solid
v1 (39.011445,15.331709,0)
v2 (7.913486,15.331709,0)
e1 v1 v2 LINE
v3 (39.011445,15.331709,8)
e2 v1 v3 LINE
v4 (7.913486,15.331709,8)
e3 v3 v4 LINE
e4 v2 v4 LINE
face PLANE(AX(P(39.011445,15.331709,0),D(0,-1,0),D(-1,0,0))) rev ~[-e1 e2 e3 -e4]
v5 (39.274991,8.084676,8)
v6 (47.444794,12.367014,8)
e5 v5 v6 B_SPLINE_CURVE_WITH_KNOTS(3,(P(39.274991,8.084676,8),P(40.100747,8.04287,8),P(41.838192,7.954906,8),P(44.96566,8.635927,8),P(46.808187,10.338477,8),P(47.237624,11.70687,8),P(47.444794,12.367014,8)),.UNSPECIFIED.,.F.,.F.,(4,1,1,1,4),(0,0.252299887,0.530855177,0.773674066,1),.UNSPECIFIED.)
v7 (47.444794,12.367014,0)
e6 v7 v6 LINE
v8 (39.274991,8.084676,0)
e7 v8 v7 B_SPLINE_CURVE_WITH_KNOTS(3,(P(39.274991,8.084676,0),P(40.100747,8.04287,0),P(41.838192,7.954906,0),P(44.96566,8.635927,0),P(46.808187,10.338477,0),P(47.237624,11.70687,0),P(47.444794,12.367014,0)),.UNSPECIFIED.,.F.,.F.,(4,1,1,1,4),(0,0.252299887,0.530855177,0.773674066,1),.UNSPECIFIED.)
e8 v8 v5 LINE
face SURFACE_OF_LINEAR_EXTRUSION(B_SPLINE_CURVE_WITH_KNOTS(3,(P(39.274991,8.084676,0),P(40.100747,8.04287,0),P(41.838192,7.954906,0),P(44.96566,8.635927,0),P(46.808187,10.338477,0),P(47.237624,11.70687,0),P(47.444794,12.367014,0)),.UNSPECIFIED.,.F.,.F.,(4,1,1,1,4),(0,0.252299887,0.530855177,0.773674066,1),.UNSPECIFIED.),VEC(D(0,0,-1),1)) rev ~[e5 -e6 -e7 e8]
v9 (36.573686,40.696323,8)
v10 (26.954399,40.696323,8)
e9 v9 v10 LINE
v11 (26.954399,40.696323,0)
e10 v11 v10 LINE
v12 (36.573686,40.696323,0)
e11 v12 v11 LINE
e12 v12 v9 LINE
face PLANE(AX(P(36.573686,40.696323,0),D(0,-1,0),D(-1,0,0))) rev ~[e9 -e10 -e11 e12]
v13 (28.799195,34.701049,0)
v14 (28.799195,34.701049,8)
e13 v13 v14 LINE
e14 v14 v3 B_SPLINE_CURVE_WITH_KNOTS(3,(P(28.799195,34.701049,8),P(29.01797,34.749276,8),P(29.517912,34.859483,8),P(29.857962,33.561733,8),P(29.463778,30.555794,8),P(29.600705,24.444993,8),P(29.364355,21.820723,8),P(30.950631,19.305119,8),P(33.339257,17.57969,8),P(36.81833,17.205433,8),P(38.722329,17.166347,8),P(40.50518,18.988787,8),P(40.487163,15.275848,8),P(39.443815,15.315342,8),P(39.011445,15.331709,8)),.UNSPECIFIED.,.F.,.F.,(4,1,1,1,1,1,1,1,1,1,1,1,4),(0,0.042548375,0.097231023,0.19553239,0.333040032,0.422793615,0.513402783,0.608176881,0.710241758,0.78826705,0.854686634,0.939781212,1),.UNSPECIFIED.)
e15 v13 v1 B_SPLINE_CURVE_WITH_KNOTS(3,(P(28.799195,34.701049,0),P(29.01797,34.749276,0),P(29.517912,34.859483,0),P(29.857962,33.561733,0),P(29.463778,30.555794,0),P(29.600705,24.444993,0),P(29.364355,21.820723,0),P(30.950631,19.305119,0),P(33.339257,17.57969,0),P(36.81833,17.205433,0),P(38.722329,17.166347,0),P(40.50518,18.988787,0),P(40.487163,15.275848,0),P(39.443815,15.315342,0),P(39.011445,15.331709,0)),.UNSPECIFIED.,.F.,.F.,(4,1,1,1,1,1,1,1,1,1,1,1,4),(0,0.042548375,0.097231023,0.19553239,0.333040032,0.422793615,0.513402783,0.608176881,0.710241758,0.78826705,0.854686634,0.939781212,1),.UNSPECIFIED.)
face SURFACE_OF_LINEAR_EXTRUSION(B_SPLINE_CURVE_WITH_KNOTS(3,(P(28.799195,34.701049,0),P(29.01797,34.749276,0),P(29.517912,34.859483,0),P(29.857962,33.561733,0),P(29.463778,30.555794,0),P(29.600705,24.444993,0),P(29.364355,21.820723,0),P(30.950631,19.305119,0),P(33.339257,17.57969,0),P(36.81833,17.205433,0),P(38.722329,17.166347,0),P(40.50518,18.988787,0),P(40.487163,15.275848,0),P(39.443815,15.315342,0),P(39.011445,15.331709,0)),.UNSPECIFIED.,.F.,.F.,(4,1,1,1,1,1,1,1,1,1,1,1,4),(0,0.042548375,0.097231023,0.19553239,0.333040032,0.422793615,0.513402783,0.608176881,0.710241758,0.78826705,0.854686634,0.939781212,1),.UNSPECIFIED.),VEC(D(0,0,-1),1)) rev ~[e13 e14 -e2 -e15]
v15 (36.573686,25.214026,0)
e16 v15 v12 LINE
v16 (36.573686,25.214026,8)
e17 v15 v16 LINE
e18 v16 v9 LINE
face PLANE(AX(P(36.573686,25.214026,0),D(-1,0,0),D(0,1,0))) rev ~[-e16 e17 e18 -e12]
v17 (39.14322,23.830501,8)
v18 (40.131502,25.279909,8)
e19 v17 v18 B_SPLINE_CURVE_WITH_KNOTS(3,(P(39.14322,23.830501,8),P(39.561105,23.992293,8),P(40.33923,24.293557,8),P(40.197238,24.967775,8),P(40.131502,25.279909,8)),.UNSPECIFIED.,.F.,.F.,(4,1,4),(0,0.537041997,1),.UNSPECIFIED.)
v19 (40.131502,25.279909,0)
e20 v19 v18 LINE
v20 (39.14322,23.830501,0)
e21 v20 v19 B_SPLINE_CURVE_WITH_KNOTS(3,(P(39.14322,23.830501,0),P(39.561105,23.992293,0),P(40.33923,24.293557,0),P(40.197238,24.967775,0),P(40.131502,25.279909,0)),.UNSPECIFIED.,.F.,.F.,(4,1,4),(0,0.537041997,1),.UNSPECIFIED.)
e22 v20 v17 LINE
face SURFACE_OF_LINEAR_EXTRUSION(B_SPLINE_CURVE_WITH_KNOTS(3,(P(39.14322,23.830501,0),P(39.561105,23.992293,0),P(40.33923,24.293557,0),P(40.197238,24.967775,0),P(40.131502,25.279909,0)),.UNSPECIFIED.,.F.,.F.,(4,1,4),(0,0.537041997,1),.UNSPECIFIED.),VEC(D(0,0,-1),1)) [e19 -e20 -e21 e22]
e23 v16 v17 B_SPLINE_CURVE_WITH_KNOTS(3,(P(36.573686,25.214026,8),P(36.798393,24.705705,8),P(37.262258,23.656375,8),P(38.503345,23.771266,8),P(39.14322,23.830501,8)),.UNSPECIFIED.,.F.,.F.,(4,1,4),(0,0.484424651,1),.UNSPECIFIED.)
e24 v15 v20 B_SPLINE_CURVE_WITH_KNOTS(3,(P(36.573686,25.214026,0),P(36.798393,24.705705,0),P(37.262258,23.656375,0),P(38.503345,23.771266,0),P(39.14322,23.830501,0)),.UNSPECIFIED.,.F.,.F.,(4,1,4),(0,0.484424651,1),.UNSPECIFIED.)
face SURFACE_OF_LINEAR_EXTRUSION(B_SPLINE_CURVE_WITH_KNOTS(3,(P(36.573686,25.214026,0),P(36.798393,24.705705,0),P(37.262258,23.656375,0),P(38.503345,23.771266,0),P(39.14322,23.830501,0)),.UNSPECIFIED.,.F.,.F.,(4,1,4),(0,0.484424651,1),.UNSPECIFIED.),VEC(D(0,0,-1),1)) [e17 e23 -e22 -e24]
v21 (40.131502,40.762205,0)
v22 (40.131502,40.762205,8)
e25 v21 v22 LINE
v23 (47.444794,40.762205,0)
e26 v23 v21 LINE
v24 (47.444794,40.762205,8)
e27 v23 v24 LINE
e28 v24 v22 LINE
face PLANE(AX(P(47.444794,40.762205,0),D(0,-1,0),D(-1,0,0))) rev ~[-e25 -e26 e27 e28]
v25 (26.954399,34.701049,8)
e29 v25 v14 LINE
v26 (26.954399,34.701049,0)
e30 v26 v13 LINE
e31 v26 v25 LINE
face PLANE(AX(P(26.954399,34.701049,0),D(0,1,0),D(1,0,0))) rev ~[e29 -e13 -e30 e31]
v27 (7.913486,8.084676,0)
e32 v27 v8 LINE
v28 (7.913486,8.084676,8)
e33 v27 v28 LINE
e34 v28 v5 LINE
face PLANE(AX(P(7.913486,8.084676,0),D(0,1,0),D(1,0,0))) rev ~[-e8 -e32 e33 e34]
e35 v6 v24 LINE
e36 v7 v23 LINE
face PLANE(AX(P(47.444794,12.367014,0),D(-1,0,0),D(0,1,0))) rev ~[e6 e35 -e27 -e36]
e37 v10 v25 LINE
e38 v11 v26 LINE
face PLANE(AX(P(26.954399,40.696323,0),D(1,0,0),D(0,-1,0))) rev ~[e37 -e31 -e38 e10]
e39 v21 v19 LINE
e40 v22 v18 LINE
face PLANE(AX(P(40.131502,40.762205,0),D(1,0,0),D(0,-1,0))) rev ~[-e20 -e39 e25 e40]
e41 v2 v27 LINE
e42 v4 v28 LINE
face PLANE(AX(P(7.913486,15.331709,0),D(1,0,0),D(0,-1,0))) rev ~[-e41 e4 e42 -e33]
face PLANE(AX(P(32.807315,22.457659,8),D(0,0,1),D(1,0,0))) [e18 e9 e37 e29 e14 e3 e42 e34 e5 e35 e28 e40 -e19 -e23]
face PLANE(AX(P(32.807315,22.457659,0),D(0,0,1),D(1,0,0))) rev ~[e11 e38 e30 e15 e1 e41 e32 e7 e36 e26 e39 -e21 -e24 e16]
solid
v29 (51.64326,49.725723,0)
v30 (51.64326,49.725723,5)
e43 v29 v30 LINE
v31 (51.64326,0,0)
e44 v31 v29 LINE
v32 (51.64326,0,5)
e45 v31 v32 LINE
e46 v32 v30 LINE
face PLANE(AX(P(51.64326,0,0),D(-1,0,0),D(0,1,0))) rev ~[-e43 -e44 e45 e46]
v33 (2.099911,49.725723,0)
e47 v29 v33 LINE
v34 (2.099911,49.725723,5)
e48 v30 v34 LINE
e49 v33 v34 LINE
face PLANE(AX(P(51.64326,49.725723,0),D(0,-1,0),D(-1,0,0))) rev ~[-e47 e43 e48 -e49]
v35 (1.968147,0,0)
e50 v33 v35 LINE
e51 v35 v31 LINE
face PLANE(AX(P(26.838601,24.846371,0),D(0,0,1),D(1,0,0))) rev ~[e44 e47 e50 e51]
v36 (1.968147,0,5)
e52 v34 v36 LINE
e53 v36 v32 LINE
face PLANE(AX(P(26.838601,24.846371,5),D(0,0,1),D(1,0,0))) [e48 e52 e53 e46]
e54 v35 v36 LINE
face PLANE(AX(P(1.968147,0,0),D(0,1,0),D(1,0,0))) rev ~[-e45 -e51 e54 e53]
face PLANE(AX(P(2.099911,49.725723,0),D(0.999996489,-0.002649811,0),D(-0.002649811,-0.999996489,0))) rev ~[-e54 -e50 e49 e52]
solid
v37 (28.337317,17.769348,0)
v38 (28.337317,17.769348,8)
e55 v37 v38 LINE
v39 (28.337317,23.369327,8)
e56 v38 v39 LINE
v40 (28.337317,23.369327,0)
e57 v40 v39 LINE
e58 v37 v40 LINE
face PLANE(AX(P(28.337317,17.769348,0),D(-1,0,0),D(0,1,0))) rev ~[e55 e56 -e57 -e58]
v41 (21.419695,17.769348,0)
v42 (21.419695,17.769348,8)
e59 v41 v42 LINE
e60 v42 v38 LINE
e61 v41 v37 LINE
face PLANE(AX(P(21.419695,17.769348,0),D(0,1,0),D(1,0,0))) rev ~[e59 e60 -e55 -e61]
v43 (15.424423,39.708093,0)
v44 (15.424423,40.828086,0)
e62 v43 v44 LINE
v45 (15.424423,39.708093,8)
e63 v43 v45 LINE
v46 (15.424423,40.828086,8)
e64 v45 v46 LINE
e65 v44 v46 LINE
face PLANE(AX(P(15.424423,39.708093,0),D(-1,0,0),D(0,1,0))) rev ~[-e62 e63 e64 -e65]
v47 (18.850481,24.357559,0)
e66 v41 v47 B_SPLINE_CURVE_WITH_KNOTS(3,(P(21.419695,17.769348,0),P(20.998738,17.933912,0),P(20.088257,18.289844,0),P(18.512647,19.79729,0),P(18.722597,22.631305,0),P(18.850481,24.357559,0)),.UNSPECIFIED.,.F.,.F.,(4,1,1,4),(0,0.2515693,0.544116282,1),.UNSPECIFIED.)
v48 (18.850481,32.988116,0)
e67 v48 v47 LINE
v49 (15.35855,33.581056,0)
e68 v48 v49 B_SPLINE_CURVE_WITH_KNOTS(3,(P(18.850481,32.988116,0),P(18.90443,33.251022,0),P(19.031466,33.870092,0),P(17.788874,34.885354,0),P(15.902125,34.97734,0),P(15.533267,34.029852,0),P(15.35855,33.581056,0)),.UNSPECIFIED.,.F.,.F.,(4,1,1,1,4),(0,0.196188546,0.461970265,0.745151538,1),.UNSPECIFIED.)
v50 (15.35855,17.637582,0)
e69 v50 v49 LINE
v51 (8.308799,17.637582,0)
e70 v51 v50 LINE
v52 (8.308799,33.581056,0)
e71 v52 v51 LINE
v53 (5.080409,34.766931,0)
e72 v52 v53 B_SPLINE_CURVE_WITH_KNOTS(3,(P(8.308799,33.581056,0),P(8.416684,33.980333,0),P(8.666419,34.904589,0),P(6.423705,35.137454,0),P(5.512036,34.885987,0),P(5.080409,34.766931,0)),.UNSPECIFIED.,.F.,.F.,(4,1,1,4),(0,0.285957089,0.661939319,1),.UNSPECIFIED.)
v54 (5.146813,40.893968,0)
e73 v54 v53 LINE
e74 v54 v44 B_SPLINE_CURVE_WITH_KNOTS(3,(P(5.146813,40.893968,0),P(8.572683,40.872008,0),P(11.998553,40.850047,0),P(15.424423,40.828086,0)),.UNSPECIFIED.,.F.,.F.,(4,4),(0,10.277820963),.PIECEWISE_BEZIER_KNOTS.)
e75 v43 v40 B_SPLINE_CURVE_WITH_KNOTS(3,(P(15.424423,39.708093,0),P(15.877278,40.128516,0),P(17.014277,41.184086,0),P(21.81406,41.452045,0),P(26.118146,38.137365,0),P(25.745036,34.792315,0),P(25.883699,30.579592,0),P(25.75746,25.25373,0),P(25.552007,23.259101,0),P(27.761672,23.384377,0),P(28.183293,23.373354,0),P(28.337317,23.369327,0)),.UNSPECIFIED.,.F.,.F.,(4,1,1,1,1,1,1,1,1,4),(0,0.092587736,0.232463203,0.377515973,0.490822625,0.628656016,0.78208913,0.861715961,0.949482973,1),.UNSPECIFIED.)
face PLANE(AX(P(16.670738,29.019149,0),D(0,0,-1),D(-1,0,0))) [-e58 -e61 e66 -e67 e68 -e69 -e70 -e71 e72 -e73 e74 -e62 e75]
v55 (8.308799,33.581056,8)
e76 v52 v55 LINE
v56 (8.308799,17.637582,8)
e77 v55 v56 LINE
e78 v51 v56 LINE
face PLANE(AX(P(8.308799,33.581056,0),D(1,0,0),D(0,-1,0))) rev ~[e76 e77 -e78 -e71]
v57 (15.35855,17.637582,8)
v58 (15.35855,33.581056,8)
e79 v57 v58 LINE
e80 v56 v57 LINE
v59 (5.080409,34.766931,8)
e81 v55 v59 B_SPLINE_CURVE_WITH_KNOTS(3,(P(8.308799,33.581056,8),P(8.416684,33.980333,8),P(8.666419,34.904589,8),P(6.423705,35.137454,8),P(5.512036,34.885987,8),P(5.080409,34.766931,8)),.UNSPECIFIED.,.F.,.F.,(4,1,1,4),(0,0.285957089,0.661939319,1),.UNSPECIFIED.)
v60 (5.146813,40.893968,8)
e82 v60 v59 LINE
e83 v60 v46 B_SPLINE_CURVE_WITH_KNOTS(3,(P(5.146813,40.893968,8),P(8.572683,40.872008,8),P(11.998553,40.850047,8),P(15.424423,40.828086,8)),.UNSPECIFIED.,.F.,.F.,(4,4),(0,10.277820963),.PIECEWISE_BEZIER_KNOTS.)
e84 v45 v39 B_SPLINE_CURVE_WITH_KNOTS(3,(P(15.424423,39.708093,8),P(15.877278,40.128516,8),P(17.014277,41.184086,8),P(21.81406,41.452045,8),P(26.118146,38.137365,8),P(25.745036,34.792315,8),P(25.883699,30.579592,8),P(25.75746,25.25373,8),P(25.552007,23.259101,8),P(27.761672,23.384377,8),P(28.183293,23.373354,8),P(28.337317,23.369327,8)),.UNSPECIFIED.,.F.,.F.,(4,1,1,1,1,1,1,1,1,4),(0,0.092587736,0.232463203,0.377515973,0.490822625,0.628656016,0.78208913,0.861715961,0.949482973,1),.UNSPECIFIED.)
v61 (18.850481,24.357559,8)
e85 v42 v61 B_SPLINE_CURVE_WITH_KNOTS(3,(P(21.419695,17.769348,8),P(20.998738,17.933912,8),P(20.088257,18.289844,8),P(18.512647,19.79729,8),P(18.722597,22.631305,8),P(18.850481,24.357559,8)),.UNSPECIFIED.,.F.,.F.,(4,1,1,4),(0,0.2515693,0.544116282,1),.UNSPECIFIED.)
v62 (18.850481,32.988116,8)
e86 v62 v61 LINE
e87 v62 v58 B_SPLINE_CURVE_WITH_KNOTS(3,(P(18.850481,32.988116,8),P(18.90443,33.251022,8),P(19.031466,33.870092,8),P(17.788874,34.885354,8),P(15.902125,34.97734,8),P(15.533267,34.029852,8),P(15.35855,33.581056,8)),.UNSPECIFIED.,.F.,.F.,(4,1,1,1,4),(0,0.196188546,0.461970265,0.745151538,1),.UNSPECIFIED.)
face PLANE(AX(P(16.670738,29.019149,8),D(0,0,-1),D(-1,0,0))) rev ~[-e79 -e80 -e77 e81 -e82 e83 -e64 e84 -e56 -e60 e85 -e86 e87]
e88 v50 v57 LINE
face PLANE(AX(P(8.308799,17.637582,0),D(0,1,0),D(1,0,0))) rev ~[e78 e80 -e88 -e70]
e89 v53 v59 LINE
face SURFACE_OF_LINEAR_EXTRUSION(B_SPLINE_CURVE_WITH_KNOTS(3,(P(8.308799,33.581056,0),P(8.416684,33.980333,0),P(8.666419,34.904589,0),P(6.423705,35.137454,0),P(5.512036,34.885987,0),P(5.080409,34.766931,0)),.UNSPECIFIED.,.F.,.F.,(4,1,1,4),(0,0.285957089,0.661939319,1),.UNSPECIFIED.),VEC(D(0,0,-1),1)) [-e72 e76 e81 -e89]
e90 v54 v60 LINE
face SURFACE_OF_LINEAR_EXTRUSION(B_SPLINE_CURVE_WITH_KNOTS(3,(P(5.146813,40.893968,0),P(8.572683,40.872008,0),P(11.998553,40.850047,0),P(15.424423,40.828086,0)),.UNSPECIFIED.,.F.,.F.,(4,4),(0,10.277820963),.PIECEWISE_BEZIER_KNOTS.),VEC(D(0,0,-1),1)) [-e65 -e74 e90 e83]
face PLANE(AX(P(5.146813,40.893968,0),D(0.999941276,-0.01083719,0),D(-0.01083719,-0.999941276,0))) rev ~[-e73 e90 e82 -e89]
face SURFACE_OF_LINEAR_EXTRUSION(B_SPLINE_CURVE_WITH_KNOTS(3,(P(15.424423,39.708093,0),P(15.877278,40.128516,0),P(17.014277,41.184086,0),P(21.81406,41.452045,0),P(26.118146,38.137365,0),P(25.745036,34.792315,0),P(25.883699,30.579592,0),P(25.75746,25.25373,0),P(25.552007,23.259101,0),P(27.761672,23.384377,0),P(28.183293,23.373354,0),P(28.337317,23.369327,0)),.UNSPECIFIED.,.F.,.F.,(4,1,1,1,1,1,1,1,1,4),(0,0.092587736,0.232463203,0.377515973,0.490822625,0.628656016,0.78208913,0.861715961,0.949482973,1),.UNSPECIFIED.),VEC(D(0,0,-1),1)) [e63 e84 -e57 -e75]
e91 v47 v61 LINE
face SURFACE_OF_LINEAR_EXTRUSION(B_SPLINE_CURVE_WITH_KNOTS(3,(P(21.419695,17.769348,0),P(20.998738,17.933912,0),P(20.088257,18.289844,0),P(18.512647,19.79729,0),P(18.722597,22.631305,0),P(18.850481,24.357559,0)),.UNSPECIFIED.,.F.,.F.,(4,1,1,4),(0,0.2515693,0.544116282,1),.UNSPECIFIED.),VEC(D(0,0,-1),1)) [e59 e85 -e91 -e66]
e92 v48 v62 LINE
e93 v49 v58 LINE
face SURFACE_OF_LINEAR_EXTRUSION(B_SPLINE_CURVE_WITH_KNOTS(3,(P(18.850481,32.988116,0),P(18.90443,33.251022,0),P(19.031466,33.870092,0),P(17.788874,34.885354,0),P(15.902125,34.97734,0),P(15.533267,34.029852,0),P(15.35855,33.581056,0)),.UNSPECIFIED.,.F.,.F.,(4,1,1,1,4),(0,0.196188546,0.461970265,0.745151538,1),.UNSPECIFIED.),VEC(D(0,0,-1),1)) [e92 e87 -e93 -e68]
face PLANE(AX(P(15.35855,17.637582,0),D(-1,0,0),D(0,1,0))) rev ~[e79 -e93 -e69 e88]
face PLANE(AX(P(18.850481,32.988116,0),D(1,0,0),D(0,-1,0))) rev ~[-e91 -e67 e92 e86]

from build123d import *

# Parameters (mm, degrees)
F2_DEPTH = 8
F3_DEPTH = 5


with BuildPart() as f2:
    # F0 (on Top) → F2 (new body)
    with BuildSketch(Plane.XY):
        with BuildLine():
            add(Edge.make_bspline(
                [(5.1468131132, 40.8939681947), (8.5726830487, 40.8720076084), (11.9985529842, 40.8500470221), (15.4244229198, 40.8280864358)],
                knots=[0, 0, 0, 0, 10.2778209627, 10.2778209627, 10.2778209627, 10.2778209627], degree=3))
            Line((5.1468131132, 40.8939681947), (5.080409348, 34.7669310868))
            add(Edge.make_bspline(
                [(8.308799006, 33.5810557008), (8.4166843158, 33.9803333101), (8.6664194374, 34.9045892864), (6.4237051335, 35.1374542666), (5.51203556, 34.8859871564), (5.080409348, 34.7669310868)],
                knots=[0, 0, 0, 0, 0.2859570895, 0.6619393193, 1, 1, 1, 1], degree=3))
            Line((8.308799006, 33.5810557008), (8.308799006, 17.6375824958))
            Line((8.308799006, 17.6375824958), (15.3585495427, 17.6375824958))
            Line((15.3585495427, 17.6375824958), (15.3585495427, 33.5810557008))
            add(Edge.make_bspline(
                [(18.8504811376, 32.9881161451), (18.904430445, 33.2510216055), (19.0314662806, 33.870091923), (17.7888736775, 34.885354278), (15.9021250027, 34.9773397156), (15.5332666309, 34.0298520415), (15.3585495427, 33.5810557008)],
                knots=[0, 0, 0, 0, 0.1961885457, 0.4619702654, 0.7451515384, 1, 1, 1, 1], degree=3))
            Line((18.8504811376, 32.9881161451), (18.8504811376, 29.2328353971))
            Line((18.8504811376, 29.2328353971), (18.8504811376, 24.3575591594))
            add(Edge.make_bspline(
                [(21.4196946472, 17.7693478763), (20.998738388, 17.9339115532), (20.0882570431, 18.2898443956), (18.5126469133, 19.7972904354), (18.7225966583, 22.631305425), (18.8504811376, 24.3575591594)],
                knots=[0, 0, 0, 0, 0.2515692999, 0.5441162818, 1, 1, 1, 1], degree=3))
            Line((21.4196946472, 17.7693478763), (28.3373165876, 17.7693478763))
            Line((28.3373165876, 17.7693478763), (28.3373165876, 23.3693271875))
            add(Edge.make_bspline(
                [(15.4244229198, 39.7080928087), (15.8772780445, 40.1285157817), (17.0142769321, 41.1840861537), (21.8140604304, 41.4520448686), (26.1181461223, 38.1373654808), (25.7450356459, 34.7923151584), (25.8836994996, 30.5795922886), (25.7574598703, 25.2537295316), (25.5520065009, 23.2591012307), (27.7616720101, 23.384376934), (28.1832928133, 23.3733540104), (28.3373165876, 23.3693271875)],
                knots=[0, 0, 0, 0, 0.0925877362, 0.2324632035, 0.377515973, 0.4908226249, 0.628656016, 0.7820891305, 0.8617159612, 0.9494829728, 1, 1, 1, 1], degree=3))
            Line((15.4244229198, 39.7080928087), (15.4244229198, 40.8280864358))
        make_face()
    extrude(amount=F2_DEPTH)


with BuildPart() as f2b:
    # F0 (on Top) → F2, piece 2 (new body)
    with BuildSketch(Plane.XY):
        with BuildLine():
            Line((36.5736857057, 40.6963229179), (26.9543994218, 40.6963229179))
            Line((26.9543994218, 40.6963229179), (26.9543994218, 34.7010493279))
            Line((26.9543994218, 34.7010493279), (28.7991948426, 34.7010493279))
            add(Edge.make_bspline(
                [(28.7991948426, 34.7010493279), (29.0179697776, 34.7492759257), (29.5179115702, 34.8594827545), (29.8579618, 33.5617327855), (29.4637782418, 30.5557944136), (29.6007053231, 24.4449926517), (29.3643548029, 21.8207232951), (30.9506305971, 19.3051186145), (33.3392572143, 17.5796904417), (36.81833018, 17.2054325755), (38.7223287817, 17.1663465745), (40.5051795674, 18.9887869043), (40.4871632599, 15.2758483882), (39.4438150633, 15.3153422975), (39.0114448965, 15.3317088261)],
                knots=[0, 0, 0, 0, 0.0425483747, 0.097231023, 0.1955323903, 0.3330400321, 0.4227936155, 0.5134027826, 0.6081768806, 0.710241758, 0.7882670498, 0.854686634, 0.9397812116, 1, 1, 1, 1], degree=3))
            Line((39.0114448965, 15.3317088261), (7.9134861007, 15.3317088261))
            Line((7.9134861007, 15.3317088261), (7.9134861007, 8.0846762285))
            Line((7.9134861007, 8.0846762285), (39.2749905586, 8.0846762285))
            add(Edge.make_bspline(
                [(39.2749905586, 8.0846762285), (40.1007470338, 8.0428695416), (41.8381917289, 7.9549055856), (44.9656603897, 8.6359266811), (46.8081874916, 10.3384773227), (47.237624385, 11.706870454), (47.444794327, 12.3670138419)],
                knots=[0, 0, 0, 0, 0.2522998867, 0.5308551769, 0.7736740664, 1, 1, 1, 1], degree=3))
            Line((47.444794327, 12.3670138419), (47.444794327, 40.7622046769))
            Line((47.444794327, 40.7622046769), (40.1315018535, 40.7622046769))
            Line((40.1315018535, 40.7622046769), (40.1315018535, 25.2799093723))
            add(Edge.make_bspline(
                [(39.1432195902, 23.8305013627), (39.5611051913, 23.9922928388), (40.3392298138, 24.293556943), (40.1972380684, 24.9677748134), (40.1315018535, 25.2799093723)],
                knots=[0, 0, 0, 0, 0.537041997, 1, 1, 1, 1], degree=3))
            add(Edge.make_bspline(
                [(36.5736857057, 25.2140257508), (36.7983932338, 24.7057045633), (37.2622580013, 23.656374835), (38.5033454801, 23.7712662047), (39.1432195902, 23.8305013627)],
                knots=[0, 0, 0, 0, 0.484424651, 1, 1, 1, 1], degree=3))
            Line((36.5736857057, 25.2140257508), (36.5736857057, 40.6963229179))
        make_face()
    extrude(amount=F2_DEPTH)


with BuildPart() as f3:
    # F1 (on Top) → F3 (new body)
    with BuildSketch(Plane.XY):
        Polygon((51.6432598233, 49.7257225215), (2.0999109838, 49.7257225215), (1.9681467675, 0), (51.6432598233, 0), align=None)
    extrude(amount=F3_DEPTH)


solid = Compound([f2.part, f2b.part, f3.part])
